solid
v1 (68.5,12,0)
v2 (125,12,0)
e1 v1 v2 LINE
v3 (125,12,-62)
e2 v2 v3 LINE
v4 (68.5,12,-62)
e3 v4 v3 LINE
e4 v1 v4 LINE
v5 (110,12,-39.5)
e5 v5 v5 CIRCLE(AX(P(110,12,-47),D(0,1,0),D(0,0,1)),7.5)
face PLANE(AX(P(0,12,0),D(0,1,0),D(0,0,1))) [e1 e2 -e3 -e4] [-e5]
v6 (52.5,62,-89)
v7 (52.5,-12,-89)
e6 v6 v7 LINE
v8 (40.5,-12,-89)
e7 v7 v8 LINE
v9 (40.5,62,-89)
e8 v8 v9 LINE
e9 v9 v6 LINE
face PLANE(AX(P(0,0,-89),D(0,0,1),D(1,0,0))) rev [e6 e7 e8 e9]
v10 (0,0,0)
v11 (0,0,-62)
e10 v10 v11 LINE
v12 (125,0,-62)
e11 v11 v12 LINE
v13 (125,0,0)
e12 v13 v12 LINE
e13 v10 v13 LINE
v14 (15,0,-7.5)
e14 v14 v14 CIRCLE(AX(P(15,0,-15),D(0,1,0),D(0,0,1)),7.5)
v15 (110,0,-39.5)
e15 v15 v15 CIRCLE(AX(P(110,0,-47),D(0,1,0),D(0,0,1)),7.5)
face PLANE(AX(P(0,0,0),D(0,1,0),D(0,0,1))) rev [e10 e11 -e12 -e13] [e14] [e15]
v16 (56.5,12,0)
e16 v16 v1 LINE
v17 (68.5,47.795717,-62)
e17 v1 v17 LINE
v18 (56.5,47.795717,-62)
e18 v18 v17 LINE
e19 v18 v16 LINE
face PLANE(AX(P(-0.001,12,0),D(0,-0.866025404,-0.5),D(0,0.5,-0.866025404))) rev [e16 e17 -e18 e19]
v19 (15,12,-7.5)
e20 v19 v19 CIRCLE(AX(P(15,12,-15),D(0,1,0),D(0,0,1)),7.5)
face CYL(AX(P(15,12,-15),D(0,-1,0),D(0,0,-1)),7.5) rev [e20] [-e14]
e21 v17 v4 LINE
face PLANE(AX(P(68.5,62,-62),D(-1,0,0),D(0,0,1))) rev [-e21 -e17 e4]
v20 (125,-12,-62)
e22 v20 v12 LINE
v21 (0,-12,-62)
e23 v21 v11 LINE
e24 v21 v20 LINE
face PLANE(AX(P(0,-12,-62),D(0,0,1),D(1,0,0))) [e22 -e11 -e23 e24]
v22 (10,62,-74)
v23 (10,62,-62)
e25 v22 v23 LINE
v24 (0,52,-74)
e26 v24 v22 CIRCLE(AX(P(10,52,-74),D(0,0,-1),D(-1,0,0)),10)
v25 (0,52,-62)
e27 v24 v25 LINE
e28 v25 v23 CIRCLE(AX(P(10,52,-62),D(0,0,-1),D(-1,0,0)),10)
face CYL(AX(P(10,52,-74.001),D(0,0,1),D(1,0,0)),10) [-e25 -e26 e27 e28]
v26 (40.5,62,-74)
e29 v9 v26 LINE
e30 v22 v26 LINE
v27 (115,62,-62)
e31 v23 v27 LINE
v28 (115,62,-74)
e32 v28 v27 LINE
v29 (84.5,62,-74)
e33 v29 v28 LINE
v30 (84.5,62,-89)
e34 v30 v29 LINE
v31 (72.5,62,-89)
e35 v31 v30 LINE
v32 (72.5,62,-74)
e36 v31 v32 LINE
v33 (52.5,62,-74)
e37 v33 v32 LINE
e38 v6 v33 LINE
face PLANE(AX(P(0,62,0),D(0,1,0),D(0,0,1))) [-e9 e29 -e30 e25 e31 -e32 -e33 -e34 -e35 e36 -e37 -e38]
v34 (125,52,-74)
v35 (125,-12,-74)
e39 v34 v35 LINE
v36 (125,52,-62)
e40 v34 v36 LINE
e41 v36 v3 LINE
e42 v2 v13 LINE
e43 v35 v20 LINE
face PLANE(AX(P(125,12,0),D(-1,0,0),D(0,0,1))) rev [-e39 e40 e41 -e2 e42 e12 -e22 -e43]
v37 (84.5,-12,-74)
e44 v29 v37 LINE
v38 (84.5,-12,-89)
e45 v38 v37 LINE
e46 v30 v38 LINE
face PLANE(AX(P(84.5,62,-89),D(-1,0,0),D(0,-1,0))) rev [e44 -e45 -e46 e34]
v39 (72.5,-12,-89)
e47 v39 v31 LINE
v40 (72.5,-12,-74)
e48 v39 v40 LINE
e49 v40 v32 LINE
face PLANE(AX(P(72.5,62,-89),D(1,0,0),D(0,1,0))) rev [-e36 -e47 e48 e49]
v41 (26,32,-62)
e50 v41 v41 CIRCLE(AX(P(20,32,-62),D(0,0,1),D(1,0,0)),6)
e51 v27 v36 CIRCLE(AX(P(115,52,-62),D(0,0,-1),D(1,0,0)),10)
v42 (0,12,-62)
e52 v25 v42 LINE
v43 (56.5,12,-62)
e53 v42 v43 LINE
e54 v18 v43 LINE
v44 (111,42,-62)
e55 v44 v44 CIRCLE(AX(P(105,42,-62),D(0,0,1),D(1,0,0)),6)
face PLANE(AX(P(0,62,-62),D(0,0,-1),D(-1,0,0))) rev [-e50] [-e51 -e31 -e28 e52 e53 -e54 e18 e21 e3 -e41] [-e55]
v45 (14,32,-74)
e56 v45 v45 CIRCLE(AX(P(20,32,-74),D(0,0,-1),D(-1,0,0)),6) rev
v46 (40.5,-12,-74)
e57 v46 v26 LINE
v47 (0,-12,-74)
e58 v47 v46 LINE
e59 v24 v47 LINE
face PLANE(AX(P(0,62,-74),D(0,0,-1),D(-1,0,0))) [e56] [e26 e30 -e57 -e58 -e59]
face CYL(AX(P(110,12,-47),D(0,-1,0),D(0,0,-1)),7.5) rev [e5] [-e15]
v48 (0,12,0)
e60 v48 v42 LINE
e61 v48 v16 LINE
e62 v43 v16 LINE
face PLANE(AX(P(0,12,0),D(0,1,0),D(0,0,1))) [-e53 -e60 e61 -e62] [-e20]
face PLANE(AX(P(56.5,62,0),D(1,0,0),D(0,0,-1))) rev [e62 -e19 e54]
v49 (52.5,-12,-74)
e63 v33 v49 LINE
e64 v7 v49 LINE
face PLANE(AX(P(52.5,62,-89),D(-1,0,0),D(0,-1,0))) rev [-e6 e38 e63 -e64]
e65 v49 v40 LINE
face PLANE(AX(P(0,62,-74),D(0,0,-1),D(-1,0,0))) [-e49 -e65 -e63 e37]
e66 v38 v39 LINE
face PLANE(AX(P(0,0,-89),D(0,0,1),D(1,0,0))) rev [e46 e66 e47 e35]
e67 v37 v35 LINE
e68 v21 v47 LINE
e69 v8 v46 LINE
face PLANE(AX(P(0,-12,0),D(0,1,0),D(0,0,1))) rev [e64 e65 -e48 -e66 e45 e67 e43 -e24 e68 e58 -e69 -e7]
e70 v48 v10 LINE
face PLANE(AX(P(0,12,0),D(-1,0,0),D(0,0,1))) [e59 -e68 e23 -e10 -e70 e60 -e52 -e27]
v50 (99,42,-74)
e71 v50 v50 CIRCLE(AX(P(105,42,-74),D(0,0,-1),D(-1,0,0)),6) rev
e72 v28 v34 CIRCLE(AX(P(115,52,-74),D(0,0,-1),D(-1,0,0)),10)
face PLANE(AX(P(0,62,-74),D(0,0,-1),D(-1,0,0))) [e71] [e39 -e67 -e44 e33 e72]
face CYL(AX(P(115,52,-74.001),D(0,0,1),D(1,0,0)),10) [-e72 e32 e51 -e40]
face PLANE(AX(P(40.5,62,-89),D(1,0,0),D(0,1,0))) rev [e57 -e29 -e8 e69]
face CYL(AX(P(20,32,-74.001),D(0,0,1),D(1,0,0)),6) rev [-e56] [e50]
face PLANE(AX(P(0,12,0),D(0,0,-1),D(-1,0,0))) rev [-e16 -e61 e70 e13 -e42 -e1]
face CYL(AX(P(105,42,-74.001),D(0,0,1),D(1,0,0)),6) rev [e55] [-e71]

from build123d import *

# Parameters (mm, degrees)
SKETCH1_W           = 125
SKETCH1_H           = 62
SKETCH1_R           = 7.5
BOSS_EXTRUDE2_DEPTH = 12
SKETCH1_3_W         = 125
SKETCH1_3_H         = 12
BOSS_EXTRUDE3_DEPTH = 62
SKETCH1_4_W         = 125
SKETCH1_4_H         = 12
BOSS_EXTRUDE4_DEPTH = 12
CUT_EXTRUDE1_REACH  = 154.686
SKETCH3_R           = 6
SKETCH4_W           = 12
SKETCH4_H           = 74
BOSS_EXTRUDE5_DEPTH = 15
SKETCH5_W           = 12
SKETCH5_H           = 62
BOSS_EXTRUDE6_DEPTH = 50
CUT_EXTRUDE2_REACH  = 130.286


with BuildPart() as part:
    # Sketch1 → Boss-Extrude2 (new body)
    with BuildSketch(Plane(origin=(0, 0, 0), x_dir=(1, 0, 0), z_dir=(0, 1, 0))):
        with Locations((62.5, 31)):
            Rectangle(SKETCH1_W, SKETCH1_H)
        with Locations((15, 15)):
            Circle(SKETCH1_R, mode=Mode.SUBTRACT)
        with Locations((110, 47)):
            Circle(SKETCH1_R, mode=Mode.SUBTRACT)
    extrude(amount=BOSS_EXTRUDE2_DEPTH)

    # Sketch1<3> → Boss-Extrude3 (add)
    with BuildSketch(Plane(origin=(0, 0, 0), x_dir=(1, 0, 0), z_dir=(0, 1, 0))):
        with Locations((62.5, 68)):
            Rectangle(SKETCH1_3_W, SKETCH1_3_H)
    extrude(amount=BOSS_EXTRUDE3_DEPTH)

    # Sketch1<4> → Boss-Extrude4 (add)
    with BuildSketch(Plane(origin=(0, 0, 0), x_dir=(1, 0, 0), z_dir=(0, 1, 0))):
        with Locations((62.5, 68)):
            Rectangle(SKETCH1_4_W, SKETCH1_4_H)
    extrude(amount=-BOSS_EXTRUDE4_DEPTH)

    # Sketch3 → Cut-Extrude1 (cut, up to next)
    with BuildSketch(Plane.XY.offset(-62), mode=Mode.PRIVATE) as cut_extrude1_sk1:
        with Locations((105, 42)):
            Circle(SKETCH3_R)
    cut_extrude1_tool1 = extrude(cut_extrude1_sk1.sketch, amount=-CUT_EXTRUDE1_REACH, mode=Mode.PRIVATE) & part.part
    # Sketch3 → Cut-Extrude1 (cut, up to next)
    with BuildSketch(Plane.XY.offset(-62), mode=Mode.PRIVATE) as cut_extrude1_sk2:
        with Locations((20, 32)):
            Circle(SKETCH3_R)
    cut_extrude1_tool2 = extrude(cut_extrude1_sk2.sketch, amount=-CUT_EXTRUDE1_REACH, mode=Mode.PRIVATE) & part.part
    # Sketch3 → Cut-Extrude1 (cut, up to next)
    with BuildSketch(Plane.XY.offset(-62), mode=Mode.PRIVATE) as cut_extrude1_sk3:
        with BuildLine():
            Line((115, 62), (125, 62))
            Line((125, 62), (125, 52))
            ThreePointArc((125, 52), (122.071067812, 59.071067812), (115, 62))
        make_face()
    cut_extrude1_tool3 = extrude(cut_extrude1_sk3.sketch, amount=-CUT_EXTRUDE1_REACH, mode=Mode.PRIVATE) & part.part
    # Sketch3 → Cut-Extrude1 (cut, up to next)
    with BuildSketch(Plane.XY.offset(-62), mode=Mode.PRIVATE) as cut_extrude1_sk4:
        with BuildLine():
            Line((0, 62), (0, 52))
            ThreePointArc((0, 52), (2.928932188, 59.071067812), (10, 62))
            Line((10, 62), (0, 62))
        make_face()
    cut_extrude1_tool4 = extrude(cut_extrude1_sk4.sketch, amount=-CUT_EXTRUDE1_REACH, mode=Mode.PRIVATE) & part.part
    add(cut_extrude1_tool1.solids().sort_by_distance((105, 42, -62))[0], mode=Mode.SUBTRACT)
    add(cut_extrude1_tool2.solids().sort_by_distance((20, 32, -62))[0], mode=Mode.SUBTRACT)
    add(cut_extrude1_tool3.solids().sort_by_distance((122.766321, 59.766321, -62))[0], mode=Mode.SUBTRACT)
    add(cut_extrude1_tool4.solids().sort_by_distance((2.233679, 59.766321, -62))[0], mode=Mode.SUBTRACT)

    # Sketch4 → Boss-Extrude5 (add)
    with BuildSketch(Plane(origin=(0, 0, -74), x_dir=(-1, 0, 0), z_dir=(0, 0, -1))):
        with Locations((-78.5, 25)):
            Rectangle(SKETCH4_W, SKETCH4_H)
        with Locations((-46.5, 25)):
            Rectangle(SKETCH4_W, SKETCH4_H)
    extrude(amount=BOSS_EXTRUDE5_DEPTH)

    # Sketch5 → Boss-Extrude6 (add)
    with BuildSketch(Plane(origin=(0, 12, 0), x_dir=(1, 0, 0), z_dir=(0, 1, 0))):
        with Locations((62.5, 31)):
            Rectangle(SKETCH5_W, SKETCH5_H)
    extrude(amount=BOSS_EXTRUDE6_DEPTH)

    # Sketch6 → Cut-Extrude2 (cut, up to next)
    with BuildSketch(Plane(origin=(68.5, 0, 0), x_dir=(0, 0, -1), z_dir=(1, 0, 0)), mode=Mode.PRIVATE) as cut_extrude2_sk1:
        Polygon((0, 12), (62, 47.79571669), (62, 62), (0, 62), align=None)
    cut_extrude2_tool1 = extrude(cut_extrude2_sk1.sketch, amount=-CUT_EXTRUDE2_REACH, mode=Mode.PRIVATE) & part.part
    add(cut_extrude2_tool1.solids().sort_by_distance((68.5, 44.285835, -25.238872))[0], mode=Mode.SUBTRACT)


solid = part.part
